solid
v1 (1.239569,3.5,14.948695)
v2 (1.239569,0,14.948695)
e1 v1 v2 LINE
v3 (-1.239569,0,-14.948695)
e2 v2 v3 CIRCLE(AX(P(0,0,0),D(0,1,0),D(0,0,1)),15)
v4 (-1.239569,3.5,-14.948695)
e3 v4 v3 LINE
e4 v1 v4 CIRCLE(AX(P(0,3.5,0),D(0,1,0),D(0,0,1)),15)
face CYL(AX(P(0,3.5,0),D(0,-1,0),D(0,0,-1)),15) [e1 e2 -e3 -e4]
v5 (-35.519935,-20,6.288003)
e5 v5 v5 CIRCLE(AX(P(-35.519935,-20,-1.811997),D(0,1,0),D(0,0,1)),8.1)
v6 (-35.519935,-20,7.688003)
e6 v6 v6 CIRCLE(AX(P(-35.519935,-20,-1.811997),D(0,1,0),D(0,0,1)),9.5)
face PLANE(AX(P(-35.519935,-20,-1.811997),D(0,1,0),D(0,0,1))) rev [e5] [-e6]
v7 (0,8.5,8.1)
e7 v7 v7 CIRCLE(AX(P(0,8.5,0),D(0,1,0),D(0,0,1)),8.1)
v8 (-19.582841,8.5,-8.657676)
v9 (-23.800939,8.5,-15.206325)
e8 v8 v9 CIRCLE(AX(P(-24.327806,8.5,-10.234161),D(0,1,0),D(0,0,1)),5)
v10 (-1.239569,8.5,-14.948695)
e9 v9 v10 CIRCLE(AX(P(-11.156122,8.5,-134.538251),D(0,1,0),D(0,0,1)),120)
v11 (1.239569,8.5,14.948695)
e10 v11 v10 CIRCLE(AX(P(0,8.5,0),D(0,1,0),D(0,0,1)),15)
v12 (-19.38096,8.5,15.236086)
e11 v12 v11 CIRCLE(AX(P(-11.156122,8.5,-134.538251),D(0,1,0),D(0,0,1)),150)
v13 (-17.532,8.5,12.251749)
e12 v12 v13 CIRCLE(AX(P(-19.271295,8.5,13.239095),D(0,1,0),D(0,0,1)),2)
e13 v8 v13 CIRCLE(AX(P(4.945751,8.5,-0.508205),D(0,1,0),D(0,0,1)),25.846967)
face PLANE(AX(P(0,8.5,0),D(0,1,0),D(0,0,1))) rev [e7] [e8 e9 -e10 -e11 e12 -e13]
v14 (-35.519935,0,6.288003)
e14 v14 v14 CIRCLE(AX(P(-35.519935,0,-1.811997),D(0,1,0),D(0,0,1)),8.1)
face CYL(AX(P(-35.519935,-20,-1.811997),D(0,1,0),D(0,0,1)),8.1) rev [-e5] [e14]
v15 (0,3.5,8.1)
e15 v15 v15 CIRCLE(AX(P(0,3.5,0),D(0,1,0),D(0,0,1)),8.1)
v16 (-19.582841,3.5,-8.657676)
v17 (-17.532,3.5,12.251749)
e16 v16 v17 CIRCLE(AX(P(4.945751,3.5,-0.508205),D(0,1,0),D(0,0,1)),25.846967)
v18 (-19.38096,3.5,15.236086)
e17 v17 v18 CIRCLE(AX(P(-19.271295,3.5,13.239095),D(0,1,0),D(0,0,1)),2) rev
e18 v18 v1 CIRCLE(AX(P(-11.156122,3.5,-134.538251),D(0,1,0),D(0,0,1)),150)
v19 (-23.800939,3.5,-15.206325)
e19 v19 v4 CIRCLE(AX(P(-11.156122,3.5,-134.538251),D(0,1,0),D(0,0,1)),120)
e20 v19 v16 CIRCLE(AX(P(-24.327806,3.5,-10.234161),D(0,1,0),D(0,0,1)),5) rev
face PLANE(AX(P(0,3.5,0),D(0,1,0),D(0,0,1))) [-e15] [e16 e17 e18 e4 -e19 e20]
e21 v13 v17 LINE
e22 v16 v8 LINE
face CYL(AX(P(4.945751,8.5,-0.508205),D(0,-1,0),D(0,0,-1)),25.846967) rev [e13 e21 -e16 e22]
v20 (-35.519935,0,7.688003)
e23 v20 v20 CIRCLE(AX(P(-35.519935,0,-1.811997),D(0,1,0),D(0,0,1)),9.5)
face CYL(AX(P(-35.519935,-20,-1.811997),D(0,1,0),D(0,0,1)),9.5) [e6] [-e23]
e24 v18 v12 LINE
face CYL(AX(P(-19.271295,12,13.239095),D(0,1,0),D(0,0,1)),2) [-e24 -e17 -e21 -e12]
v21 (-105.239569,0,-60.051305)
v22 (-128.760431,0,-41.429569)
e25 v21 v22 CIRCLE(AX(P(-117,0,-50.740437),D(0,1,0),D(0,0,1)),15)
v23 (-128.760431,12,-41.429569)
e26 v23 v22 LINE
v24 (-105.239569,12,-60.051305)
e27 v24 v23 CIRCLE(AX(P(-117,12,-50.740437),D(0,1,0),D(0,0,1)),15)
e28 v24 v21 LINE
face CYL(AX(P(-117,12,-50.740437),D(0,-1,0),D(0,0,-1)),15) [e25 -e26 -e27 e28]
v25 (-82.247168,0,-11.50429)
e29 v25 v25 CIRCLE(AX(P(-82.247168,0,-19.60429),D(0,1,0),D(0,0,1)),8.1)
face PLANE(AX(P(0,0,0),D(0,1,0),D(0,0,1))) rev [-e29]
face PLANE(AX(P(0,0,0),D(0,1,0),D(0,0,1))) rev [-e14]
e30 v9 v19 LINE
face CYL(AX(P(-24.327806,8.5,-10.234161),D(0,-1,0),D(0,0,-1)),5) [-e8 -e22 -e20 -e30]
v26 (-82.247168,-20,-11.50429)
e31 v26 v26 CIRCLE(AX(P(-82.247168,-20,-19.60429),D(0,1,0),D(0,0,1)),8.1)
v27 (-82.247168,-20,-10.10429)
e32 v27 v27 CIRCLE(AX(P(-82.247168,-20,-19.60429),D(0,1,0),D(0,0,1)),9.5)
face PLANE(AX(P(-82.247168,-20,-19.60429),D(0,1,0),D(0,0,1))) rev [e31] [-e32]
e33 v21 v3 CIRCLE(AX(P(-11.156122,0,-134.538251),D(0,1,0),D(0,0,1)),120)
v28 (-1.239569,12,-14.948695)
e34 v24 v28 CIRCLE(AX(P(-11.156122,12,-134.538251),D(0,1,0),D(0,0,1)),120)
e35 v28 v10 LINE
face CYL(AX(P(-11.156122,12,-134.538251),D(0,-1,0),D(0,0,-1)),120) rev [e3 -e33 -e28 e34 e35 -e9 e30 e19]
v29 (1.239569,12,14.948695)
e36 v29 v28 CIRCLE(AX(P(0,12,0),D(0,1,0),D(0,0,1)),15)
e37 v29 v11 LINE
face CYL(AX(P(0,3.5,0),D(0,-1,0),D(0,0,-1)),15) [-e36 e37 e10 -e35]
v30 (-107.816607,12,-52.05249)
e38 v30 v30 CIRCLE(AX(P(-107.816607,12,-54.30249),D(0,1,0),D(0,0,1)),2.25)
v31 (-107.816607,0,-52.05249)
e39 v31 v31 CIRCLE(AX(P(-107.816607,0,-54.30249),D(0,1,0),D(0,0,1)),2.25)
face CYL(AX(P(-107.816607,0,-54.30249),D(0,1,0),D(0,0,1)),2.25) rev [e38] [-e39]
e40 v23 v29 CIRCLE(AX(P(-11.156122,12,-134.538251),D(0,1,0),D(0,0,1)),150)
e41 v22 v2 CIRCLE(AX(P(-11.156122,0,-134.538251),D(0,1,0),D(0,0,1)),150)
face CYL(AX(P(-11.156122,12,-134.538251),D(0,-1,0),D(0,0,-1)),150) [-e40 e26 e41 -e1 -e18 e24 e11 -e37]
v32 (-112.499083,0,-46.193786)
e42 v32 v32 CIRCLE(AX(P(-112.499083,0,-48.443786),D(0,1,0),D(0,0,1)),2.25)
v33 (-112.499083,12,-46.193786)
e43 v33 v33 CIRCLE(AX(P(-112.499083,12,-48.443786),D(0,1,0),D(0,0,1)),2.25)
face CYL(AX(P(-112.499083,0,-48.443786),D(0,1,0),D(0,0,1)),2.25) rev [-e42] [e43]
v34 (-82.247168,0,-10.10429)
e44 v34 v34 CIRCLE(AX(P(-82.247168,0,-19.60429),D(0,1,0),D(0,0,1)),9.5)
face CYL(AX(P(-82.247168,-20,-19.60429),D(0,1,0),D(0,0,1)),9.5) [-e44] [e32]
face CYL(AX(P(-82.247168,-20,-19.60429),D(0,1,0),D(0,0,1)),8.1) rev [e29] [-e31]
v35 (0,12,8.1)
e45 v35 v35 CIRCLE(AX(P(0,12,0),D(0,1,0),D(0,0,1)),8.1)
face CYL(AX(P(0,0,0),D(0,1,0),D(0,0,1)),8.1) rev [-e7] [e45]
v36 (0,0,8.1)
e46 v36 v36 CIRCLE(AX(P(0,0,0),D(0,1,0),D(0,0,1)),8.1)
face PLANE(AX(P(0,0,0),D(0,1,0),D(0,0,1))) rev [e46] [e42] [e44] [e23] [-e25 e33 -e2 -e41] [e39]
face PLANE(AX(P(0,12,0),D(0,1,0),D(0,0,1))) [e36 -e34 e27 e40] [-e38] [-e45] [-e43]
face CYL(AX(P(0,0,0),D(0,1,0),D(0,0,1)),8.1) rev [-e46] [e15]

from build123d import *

# Parameters (mm, degrees)
BOSS_EXTRUDE4_DEPTH = 11.999999999999996
BOSS_EXTRUDE5_DEPTH = 3.5
BOSS_EXTRUDE6_DEPTH = 12
CUT_EXTRUDE2_DEPTH  = 8.5
BOSS_EXTRUDE7_DEPTH = 3.5000000000000004
SKETCH2_R           = 8.1
CUT_EXTRUDE3_DEPTH  = 12
FILLET1_R           = 5
FILLET2_R           = 2
SKETCH3_R           = 2.2499999999999964
CUT_EXTRUDE4_DEPTH  = 12
SKETCH4_R           = 9.500000000000002
SKETCH4_R_2         = 8.1
SKETCH4_R_3         = 9.499999999999995
SKETCH4_R_4         = 8.099999999999993
BOSS_EXTRUDE8_DEPTH = 19.999999999999993


with BuildPart() as part:
    # Sketch1 → Boss-Extrude4 (new body)
    with BuildSketch(Plane(origin=(0, 0, 0), x_dir=(1, 0, 0), z_dir=(0, 1, 0))):
        with BuildLine():
            ThreePointArc((-105.23956914411866, 60.05130546378884), (-126.31086817026393, 62.500868149406244), (-128.76043085588134, 41.429569123260976))
            ThreePointArc((-128.76043085588134, 41.42956912326096), (-78.3921989201775, 0.4513014224205847), (-15.424890802752289, -15.400995588922257))
            ThreePointArc((-15.424890802752284, -15.400995588922251), (-20.878753235246265, -0.5691494549701637), (-16.67921047602729, 14.665420305521598))
            ThreePointArc((-16.679210476027265, 14.665420305521593), (-65.8857769449076, 27.74562513419724), (-105.23956914411866, 60.05130546378885))
        make_face()
    extrude(amount=BOSS_EXTRUDE4_DEPTH)

    # Sketch1<6> → Boss-Extrude5 (add)
    with BuildSketch(Plane(origin=(0, 0, 0), x_dir=(1, 0, 0), z_dir=(0, 1, 0))):
        with BuildLine():
            ThreePointArc((-16.67921047602729, 14.665420305521598), (-20.878753235246265, -0.5691494549701637), (-15.424890802752284, -15.400995588922251))
            ThreePointArc((-15.424890802752289, -15.400995588922257), (-7.086372530747029, -15.406529466177687), (1.2395691441186596, -14.94869453621115))
            ThreePointArc((1.2395691441186607, -14.948694536211157), (14.948694536211152, 1.2395691441186514), (-1.2395691441186483, 14.948694536211152))
            ThreePointArc((-1.2395691441186347, 14.94869453621115), (-8.954828429393212, 14.55844291928571), (-16.679210476027265, 14.665420305521593))
        make_face()
    extrude(amount=BOSS_EXTRUDE5_DEPTH)

    # Sketch1<8> → Boss-Extrude6 (add)
    with BuildSketch(Plane(origin=(0, 0, 0), x_dir=(1, 0, 0), z_dir=(0, 1, 0))):
        with BuildLine():
            ThreePointArc((-16.67921047602729, 14.665420305521598), (-20.878753235246265, -0.5691494549701637), (-15.424890802752284, -15.400995588922251))
            ThreePointArc((-15.424890802752289, -15.400995588922257), (-7.086372530747029, -15.406529466177687), (1.2395691441186596, -14.94869453621115))
            ThreePointArc((1.2395691441186607, -14.948694536211157), (14.948694536211152, 1.2395691441186514), (-1.2395691441186483, 14.948694536211152))
            ThreePointArc((-1.2395691441186347, 14.94869453621115), (-8.954828429393212, 14.55844291928571), (-16.679210476027265, 14.665420305521593))
        make_face()
    extrude(amount=BOSS_EXTRUDE6_DEPTH)

    # Sketch1<9> → Cut-Extrude2 (cut)
    with BuildSketch(Plane(origin=(0, 0, 0), x_dir=(1, 0, 0), z_dir=(0, 1, 0))):
        with BuildLine():
            ThreePointArc((-16.67921047602729, 14.665420305521598), (-20.878753235246265, -0.5691494549701637), (-15.424890802752284, -15.400995588922251))
            ThreePointArc((-15.424890802752289, -15.400995588922257), (-7.086372530747029, -15.406529466177687), (1.2395691441186596, -14.94869453621115))
            ThreePointArc((1.2395691441186607, -14.948694536211157), (14.948694536211152, 1.2395691441186514), (-1.2395691441186483, 14.948694536211152))
            ThreePointArc((-1.2395691441186347, 14.94869453621115), (-8.954828429393212, 14.55844291928571), (-16.679210476027265, 14.665420305521593))
        make_face()
    extrude(amount=CUT_EXTRUDE2_DEPTH, mode=Mode.SUBTRACT)

    # Sketch1<10> → Boss-Extrude7 (add)
    with BuildSketch(Plane(origin=(0, 0, 0), x_dir=(1, 0, 0), z_dir=(0, 1, 0))):
        with BuildLine():
            ThreePointArc((-16.67921047602729, 14.665420305521598), (-20.878753235246265, -0.5691494549701637), (-15.424890802752284, -15.400995588922251))
            ThreePointArc((-15.424890802752289, -15.400995588922257), (-7.086372530747029, -15.406529466177687), (1.2395691441186596, -14.94869453621115))
            ThreePointArc((1.2395691441186607, -14.948694536211157), (14.948694536211152, 1.2395691441186514), (-1.2395691441186483, 14.948694536211152))
            ThreePointArc((-1.2395691441186347, 14.94869453621115), (-8.954828429393212, 14.55844291928571), (-16.679210476027265, 14.665420305521593))
        make_face()
    extrude(amount=BOSS_EXTRUDE7_DEPTH)

    # Sketch2 → Cut-Extrude3 (cut)
    with BuildSketch(Plane(origin=(0, 11.999999999999996, 0), x_dir=(1, 0, 0), z_dir=(0, 1, 0))):
        Circle(SKETCH2_R)
    extrude(amount=-CUT_EXTRUDE3_DEPTH, mode=Mode.SUBTRACT)

    # Fillet1
    fillet1_edges = [part.edges().sort_by_distance(p)[0] for p in [
        (-16.67921047602728, 6, -14.665420305521597),
    ]]
    fillet(fillet1_edges, radius=FILLET1_R)

    # Fillet2
    fillet2_edges = [part.edges().sort_by_distance(p)[0] for p in [
        (-15.424890802752289, 6, 15.400995588922266),
    ]]
    fillet(fillet2_edges, radius=FILLET2_R)

    # Sketch3 → Cut-Extrude4 (cut)
    with BuildSketch(Plane(origin=(0, 11.999999999999996, 0), x_dir=(1, 0, 0), z_dir=(0, 1, 0))):
        with Locations((-107.81660725396851, 54.30249040498051)):
            Circle(SKETCH3_R)
        with Locations((-112.49908312253997, 48.44378579216329)):
            Circle(SKETCH3_R)
    extrude(amount=-CUT_EXTRUDE4_DEPTH, mode=Mode.SUBTRACT)

    # Sketch4 → Boss-Extrude8 (add)
    # profile 1 of 2: a face of its own
    with BuildSketch(Plane(origin=(0, 0, 0), x_dir=(1, 0, 0), z_dir=(0, 1, 0))):
        with Locations((-35.51993478051481, 1.811997227050931)):
            Circle(SKETCH4_R)
        with Locations((-35.51993478051481, 1.811997227050931)):
            Circle(SKETCH4_R_2, mode=Mode.SUBTRACT)
    # profile 2 of 2: a face of its own
    with BuildSketch(Plane(origin=(0, 0, 0), x_dir=(1, 0, 0), z_dir=(0, 1, 0))):
        with Locations((-82.24716798080135, 19.60428986869888)):
            Circle(SKETCH4_R_3)
        with Locations((-82.24716798080135, 19.60428986869888)):
            Circle(SKETCH4_R_4, mode=Mode.SUBTRACT)
    extrude(amount=-BOSS_EXTRUDE8_DEPTH)


solid = part.part
